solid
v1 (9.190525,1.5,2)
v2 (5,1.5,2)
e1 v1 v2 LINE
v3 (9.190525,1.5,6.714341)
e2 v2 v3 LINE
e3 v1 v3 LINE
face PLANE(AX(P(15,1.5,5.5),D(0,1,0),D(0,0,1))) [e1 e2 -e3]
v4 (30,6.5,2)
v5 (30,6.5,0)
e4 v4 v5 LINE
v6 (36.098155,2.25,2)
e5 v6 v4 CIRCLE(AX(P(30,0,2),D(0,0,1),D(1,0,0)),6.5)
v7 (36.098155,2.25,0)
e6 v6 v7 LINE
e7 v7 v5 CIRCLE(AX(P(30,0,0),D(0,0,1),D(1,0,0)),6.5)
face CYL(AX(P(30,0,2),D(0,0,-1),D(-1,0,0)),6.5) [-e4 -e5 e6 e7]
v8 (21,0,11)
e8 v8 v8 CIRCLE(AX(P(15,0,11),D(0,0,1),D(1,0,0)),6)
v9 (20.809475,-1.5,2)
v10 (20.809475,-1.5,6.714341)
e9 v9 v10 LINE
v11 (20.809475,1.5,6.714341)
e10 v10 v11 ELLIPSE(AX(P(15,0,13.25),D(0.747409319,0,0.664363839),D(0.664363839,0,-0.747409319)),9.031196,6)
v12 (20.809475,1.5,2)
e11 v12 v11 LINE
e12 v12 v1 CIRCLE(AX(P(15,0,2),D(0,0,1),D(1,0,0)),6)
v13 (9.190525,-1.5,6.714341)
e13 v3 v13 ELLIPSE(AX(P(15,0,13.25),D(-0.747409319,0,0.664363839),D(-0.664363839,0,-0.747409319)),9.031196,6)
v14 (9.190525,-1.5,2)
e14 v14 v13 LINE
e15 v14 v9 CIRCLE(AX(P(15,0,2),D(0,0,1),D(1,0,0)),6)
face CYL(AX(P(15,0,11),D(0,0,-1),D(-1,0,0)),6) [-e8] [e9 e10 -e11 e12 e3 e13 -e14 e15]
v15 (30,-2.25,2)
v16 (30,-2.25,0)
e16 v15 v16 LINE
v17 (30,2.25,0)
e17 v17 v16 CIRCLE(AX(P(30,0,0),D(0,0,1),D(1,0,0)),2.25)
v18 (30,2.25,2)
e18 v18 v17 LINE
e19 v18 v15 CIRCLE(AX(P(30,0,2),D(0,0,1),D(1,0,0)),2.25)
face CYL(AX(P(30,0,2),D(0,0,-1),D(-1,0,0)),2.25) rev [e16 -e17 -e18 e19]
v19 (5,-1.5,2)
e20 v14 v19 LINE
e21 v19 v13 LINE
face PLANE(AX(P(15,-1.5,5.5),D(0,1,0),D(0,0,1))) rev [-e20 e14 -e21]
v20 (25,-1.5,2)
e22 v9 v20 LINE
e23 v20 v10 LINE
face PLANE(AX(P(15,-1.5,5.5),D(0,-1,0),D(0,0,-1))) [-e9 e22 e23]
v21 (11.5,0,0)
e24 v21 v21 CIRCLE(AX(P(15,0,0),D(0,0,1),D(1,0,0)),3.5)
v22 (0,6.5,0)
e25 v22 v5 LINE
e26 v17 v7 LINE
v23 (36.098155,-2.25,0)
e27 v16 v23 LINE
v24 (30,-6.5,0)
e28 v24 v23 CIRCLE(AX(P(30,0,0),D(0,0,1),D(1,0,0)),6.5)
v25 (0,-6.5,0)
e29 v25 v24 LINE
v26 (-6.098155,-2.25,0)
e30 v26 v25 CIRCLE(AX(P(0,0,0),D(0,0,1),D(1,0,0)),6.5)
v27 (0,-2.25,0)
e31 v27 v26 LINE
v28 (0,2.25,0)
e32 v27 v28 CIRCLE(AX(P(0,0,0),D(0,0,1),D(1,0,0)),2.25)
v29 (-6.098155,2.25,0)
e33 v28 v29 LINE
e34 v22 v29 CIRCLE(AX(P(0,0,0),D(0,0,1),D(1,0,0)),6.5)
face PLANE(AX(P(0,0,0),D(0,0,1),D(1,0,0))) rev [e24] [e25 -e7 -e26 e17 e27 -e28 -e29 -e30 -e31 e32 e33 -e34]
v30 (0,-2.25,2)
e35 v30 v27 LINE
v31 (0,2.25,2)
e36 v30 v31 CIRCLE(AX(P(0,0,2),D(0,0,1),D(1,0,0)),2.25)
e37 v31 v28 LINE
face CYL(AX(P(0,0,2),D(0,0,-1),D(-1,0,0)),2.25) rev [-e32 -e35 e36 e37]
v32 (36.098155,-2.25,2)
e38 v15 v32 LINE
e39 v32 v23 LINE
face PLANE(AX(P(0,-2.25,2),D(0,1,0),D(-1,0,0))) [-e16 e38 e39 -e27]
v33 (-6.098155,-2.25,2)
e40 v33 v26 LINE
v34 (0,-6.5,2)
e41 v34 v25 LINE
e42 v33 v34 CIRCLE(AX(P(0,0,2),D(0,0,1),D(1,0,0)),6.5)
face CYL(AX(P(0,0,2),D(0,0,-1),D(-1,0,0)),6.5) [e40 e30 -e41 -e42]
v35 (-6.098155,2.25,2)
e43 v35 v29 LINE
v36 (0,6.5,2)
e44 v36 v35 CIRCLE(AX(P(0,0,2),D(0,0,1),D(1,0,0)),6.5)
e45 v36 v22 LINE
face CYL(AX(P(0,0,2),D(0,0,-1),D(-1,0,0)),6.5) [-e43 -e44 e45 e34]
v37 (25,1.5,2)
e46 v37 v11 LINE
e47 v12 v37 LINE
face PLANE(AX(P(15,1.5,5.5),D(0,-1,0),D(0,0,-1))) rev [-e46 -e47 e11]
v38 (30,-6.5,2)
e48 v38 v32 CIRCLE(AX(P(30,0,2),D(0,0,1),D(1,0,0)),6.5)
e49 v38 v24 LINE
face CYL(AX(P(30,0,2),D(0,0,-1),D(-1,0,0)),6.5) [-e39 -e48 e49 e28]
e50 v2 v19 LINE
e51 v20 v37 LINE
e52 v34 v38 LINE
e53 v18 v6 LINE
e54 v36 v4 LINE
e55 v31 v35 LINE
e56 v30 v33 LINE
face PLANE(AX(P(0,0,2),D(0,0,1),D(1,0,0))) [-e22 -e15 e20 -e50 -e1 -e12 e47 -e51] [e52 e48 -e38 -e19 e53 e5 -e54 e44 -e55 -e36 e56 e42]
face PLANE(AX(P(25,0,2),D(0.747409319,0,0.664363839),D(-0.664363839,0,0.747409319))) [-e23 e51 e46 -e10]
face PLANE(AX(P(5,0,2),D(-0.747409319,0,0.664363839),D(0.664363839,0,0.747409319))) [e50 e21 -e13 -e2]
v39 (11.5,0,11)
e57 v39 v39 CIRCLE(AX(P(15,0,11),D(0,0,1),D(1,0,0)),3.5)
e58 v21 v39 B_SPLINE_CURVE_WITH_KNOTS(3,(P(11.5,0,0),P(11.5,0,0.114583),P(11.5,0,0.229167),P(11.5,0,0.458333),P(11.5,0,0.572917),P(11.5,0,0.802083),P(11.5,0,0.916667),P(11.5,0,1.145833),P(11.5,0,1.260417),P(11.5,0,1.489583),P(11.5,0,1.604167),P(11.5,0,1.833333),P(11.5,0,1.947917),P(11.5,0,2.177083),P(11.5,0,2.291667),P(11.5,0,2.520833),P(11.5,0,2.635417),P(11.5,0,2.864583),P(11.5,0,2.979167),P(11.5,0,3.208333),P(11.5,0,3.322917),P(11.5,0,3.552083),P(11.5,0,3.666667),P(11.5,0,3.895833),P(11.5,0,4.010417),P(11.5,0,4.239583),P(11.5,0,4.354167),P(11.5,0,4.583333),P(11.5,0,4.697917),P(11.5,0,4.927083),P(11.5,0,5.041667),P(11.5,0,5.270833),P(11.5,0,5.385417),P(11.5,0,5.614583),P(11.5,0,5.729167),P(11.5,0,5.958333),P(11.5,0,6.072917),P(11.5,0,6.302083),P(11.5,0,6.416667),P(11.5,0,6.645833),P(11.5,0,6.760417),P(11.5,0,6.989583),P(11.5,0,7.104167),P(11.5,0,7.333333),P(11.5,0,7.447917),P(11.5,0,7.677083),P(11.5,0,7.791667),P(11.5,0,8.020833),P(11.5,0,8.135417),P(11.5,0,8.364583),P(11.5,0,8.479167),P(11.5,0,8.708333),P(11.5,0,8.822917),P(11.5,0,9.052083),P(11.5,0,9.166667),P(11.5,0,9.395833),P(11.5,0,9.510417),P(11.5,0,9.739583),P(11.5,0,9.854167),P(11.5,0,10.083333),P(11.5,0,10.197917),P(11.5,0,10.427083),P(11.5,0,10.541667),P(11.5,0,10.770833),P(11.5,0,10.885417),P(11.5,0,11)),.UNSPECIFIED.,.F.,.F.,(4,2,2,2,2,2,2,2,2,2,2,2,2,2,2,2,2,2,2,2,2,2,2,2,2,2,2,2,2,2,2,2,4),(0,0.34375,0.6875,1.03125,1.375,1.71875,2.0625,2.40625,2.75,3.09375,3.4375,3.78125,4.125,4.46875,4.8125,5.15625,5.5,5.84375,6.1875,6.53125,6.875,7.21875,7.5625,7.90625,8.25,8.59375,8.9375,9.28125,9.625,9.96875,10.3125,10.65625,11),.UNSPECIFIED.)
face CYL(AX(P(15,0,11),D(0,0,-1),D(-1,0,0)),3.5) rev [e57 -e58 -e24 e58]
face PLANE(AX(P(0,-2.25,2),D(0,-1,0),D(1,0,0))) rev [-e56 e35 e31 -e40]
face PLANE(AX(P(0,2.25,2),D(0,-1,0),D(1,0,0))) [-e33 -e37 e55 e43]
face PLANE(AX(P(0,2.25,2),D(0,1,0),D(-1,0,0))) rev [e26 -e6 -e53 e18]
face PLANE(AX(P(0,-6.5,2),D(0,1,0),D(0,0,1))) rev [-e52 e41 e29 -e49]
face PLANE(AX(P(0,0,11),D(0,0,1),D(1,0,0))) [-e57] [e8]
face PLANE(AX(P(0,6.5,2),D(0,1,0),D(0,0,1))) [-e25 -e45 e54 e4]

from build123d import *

# Parameters (mm, degrees)
SKETCH_1_R               = 6
EXTRUDE_1_DEPTH          = 2
SKETCH_1_3_R             = 6
SKETCH_1_3_R_2           = 3.5
EXTRUDE_2_DEPTH          = 11
RIB_1_REACH              = 40.293
SKETCH_2_WALL_W          = 84.606091636
SKETCH_2_WALL_H          = 3
PATTERN_CIRCULAR_1_COUNT = 2


with BuildPart() as part:
    # Эскиз1 → Бобышка-Вытянуть1 (new body)
    with BuildSketch(Plane.XY):
        with BuildLine():
            Line((30, 6.5), (0, 6.5))
            ThreePointArc((0, 6.5), (-3.716517187, 5.332682252), (-6.098155459, 2.25))
            Line((-6.098155459, 2.25), (0, 2.25))
            ThreePointArc((0, 2.25), (2.25, 0), (0, -2.25))
            Line((0, -2.25), (-6.098155459, -2.25))
            ThreePointArc((-6.098155459, -2.25), (-3.716517187, -5.332682252), (0, -6.5))
            Line((0, -6.5), (30, -6.5))
            ThreePointArc((30, -6.5), (33.716517187, -5.332682252), (36.098155459, -2.25))
            Line((36.098155459, -2.25), (30, -2.25))
            ThreePointArc((30, -2.25), (27.75, 0), (30, 2.25))
            Line((30, 2.25), (36.098155459, 2.25))
            ThreePointArc((36.098155459, 2.25), (33.716517187, 5.332682252), (30, 6.5))
        make_face()
        with Locations((15, 0)):
            Circle(SKETCH_1_R, mode=Mode.SUBTRACT)
    extrude(amount=EXTRUDE_1_DEPTH)

    # Эскиз1<3> → Бобышка-Вытянуть2 (add)
    with BuildSketch(Plane.XY):
        with Locations((15, 0)):
            Circle(SKETCH_1_3_R)
        with Locations((15, 0)):
            Circle(SKETCH_1_3_R_2, mode=Mode.SUBTRACT)
    extrude(amount=EXTRUDE_2_DEPTH)

    # Эскиз2 wall → Ребро1 (add, up to next)
    with BuildSketch(Plane(origin=(7, 0, 4.25), x_dir=(0.66436383883, 0, 0.747409318684), z_dir=(0.747409318684, 0, -0.66436383883)), mode=Mode.PRIVATE) as rib_1_sk1:
        Rectangle(SKETCH_2_WALL_W, SKETCH_2_WALL_H)
    rib_1_tool1 = extrude(rib_1_sk1.sketch, amount=RIB_1_REACH, mode=Mode.PRIVATE) - part.part
    rib_1 = rib_1_tool1.solids().sort_by_distance((7, 0, 4.25))[0]
    add(rib_1)

    # Круговой массив1: Ребро1 ×2 about axis
    pattern_circular_1_axis = Axis((15, 0, 11), (0, 0, -1))
    for i in range(1, PATTERN_CIRCULAR_1_COUNT):
        add(rib_1.rotate(pattern_circular_1_axis, i * 360 / PATTERN_CIRCULAR_1_COUNT))


solid = part.part
